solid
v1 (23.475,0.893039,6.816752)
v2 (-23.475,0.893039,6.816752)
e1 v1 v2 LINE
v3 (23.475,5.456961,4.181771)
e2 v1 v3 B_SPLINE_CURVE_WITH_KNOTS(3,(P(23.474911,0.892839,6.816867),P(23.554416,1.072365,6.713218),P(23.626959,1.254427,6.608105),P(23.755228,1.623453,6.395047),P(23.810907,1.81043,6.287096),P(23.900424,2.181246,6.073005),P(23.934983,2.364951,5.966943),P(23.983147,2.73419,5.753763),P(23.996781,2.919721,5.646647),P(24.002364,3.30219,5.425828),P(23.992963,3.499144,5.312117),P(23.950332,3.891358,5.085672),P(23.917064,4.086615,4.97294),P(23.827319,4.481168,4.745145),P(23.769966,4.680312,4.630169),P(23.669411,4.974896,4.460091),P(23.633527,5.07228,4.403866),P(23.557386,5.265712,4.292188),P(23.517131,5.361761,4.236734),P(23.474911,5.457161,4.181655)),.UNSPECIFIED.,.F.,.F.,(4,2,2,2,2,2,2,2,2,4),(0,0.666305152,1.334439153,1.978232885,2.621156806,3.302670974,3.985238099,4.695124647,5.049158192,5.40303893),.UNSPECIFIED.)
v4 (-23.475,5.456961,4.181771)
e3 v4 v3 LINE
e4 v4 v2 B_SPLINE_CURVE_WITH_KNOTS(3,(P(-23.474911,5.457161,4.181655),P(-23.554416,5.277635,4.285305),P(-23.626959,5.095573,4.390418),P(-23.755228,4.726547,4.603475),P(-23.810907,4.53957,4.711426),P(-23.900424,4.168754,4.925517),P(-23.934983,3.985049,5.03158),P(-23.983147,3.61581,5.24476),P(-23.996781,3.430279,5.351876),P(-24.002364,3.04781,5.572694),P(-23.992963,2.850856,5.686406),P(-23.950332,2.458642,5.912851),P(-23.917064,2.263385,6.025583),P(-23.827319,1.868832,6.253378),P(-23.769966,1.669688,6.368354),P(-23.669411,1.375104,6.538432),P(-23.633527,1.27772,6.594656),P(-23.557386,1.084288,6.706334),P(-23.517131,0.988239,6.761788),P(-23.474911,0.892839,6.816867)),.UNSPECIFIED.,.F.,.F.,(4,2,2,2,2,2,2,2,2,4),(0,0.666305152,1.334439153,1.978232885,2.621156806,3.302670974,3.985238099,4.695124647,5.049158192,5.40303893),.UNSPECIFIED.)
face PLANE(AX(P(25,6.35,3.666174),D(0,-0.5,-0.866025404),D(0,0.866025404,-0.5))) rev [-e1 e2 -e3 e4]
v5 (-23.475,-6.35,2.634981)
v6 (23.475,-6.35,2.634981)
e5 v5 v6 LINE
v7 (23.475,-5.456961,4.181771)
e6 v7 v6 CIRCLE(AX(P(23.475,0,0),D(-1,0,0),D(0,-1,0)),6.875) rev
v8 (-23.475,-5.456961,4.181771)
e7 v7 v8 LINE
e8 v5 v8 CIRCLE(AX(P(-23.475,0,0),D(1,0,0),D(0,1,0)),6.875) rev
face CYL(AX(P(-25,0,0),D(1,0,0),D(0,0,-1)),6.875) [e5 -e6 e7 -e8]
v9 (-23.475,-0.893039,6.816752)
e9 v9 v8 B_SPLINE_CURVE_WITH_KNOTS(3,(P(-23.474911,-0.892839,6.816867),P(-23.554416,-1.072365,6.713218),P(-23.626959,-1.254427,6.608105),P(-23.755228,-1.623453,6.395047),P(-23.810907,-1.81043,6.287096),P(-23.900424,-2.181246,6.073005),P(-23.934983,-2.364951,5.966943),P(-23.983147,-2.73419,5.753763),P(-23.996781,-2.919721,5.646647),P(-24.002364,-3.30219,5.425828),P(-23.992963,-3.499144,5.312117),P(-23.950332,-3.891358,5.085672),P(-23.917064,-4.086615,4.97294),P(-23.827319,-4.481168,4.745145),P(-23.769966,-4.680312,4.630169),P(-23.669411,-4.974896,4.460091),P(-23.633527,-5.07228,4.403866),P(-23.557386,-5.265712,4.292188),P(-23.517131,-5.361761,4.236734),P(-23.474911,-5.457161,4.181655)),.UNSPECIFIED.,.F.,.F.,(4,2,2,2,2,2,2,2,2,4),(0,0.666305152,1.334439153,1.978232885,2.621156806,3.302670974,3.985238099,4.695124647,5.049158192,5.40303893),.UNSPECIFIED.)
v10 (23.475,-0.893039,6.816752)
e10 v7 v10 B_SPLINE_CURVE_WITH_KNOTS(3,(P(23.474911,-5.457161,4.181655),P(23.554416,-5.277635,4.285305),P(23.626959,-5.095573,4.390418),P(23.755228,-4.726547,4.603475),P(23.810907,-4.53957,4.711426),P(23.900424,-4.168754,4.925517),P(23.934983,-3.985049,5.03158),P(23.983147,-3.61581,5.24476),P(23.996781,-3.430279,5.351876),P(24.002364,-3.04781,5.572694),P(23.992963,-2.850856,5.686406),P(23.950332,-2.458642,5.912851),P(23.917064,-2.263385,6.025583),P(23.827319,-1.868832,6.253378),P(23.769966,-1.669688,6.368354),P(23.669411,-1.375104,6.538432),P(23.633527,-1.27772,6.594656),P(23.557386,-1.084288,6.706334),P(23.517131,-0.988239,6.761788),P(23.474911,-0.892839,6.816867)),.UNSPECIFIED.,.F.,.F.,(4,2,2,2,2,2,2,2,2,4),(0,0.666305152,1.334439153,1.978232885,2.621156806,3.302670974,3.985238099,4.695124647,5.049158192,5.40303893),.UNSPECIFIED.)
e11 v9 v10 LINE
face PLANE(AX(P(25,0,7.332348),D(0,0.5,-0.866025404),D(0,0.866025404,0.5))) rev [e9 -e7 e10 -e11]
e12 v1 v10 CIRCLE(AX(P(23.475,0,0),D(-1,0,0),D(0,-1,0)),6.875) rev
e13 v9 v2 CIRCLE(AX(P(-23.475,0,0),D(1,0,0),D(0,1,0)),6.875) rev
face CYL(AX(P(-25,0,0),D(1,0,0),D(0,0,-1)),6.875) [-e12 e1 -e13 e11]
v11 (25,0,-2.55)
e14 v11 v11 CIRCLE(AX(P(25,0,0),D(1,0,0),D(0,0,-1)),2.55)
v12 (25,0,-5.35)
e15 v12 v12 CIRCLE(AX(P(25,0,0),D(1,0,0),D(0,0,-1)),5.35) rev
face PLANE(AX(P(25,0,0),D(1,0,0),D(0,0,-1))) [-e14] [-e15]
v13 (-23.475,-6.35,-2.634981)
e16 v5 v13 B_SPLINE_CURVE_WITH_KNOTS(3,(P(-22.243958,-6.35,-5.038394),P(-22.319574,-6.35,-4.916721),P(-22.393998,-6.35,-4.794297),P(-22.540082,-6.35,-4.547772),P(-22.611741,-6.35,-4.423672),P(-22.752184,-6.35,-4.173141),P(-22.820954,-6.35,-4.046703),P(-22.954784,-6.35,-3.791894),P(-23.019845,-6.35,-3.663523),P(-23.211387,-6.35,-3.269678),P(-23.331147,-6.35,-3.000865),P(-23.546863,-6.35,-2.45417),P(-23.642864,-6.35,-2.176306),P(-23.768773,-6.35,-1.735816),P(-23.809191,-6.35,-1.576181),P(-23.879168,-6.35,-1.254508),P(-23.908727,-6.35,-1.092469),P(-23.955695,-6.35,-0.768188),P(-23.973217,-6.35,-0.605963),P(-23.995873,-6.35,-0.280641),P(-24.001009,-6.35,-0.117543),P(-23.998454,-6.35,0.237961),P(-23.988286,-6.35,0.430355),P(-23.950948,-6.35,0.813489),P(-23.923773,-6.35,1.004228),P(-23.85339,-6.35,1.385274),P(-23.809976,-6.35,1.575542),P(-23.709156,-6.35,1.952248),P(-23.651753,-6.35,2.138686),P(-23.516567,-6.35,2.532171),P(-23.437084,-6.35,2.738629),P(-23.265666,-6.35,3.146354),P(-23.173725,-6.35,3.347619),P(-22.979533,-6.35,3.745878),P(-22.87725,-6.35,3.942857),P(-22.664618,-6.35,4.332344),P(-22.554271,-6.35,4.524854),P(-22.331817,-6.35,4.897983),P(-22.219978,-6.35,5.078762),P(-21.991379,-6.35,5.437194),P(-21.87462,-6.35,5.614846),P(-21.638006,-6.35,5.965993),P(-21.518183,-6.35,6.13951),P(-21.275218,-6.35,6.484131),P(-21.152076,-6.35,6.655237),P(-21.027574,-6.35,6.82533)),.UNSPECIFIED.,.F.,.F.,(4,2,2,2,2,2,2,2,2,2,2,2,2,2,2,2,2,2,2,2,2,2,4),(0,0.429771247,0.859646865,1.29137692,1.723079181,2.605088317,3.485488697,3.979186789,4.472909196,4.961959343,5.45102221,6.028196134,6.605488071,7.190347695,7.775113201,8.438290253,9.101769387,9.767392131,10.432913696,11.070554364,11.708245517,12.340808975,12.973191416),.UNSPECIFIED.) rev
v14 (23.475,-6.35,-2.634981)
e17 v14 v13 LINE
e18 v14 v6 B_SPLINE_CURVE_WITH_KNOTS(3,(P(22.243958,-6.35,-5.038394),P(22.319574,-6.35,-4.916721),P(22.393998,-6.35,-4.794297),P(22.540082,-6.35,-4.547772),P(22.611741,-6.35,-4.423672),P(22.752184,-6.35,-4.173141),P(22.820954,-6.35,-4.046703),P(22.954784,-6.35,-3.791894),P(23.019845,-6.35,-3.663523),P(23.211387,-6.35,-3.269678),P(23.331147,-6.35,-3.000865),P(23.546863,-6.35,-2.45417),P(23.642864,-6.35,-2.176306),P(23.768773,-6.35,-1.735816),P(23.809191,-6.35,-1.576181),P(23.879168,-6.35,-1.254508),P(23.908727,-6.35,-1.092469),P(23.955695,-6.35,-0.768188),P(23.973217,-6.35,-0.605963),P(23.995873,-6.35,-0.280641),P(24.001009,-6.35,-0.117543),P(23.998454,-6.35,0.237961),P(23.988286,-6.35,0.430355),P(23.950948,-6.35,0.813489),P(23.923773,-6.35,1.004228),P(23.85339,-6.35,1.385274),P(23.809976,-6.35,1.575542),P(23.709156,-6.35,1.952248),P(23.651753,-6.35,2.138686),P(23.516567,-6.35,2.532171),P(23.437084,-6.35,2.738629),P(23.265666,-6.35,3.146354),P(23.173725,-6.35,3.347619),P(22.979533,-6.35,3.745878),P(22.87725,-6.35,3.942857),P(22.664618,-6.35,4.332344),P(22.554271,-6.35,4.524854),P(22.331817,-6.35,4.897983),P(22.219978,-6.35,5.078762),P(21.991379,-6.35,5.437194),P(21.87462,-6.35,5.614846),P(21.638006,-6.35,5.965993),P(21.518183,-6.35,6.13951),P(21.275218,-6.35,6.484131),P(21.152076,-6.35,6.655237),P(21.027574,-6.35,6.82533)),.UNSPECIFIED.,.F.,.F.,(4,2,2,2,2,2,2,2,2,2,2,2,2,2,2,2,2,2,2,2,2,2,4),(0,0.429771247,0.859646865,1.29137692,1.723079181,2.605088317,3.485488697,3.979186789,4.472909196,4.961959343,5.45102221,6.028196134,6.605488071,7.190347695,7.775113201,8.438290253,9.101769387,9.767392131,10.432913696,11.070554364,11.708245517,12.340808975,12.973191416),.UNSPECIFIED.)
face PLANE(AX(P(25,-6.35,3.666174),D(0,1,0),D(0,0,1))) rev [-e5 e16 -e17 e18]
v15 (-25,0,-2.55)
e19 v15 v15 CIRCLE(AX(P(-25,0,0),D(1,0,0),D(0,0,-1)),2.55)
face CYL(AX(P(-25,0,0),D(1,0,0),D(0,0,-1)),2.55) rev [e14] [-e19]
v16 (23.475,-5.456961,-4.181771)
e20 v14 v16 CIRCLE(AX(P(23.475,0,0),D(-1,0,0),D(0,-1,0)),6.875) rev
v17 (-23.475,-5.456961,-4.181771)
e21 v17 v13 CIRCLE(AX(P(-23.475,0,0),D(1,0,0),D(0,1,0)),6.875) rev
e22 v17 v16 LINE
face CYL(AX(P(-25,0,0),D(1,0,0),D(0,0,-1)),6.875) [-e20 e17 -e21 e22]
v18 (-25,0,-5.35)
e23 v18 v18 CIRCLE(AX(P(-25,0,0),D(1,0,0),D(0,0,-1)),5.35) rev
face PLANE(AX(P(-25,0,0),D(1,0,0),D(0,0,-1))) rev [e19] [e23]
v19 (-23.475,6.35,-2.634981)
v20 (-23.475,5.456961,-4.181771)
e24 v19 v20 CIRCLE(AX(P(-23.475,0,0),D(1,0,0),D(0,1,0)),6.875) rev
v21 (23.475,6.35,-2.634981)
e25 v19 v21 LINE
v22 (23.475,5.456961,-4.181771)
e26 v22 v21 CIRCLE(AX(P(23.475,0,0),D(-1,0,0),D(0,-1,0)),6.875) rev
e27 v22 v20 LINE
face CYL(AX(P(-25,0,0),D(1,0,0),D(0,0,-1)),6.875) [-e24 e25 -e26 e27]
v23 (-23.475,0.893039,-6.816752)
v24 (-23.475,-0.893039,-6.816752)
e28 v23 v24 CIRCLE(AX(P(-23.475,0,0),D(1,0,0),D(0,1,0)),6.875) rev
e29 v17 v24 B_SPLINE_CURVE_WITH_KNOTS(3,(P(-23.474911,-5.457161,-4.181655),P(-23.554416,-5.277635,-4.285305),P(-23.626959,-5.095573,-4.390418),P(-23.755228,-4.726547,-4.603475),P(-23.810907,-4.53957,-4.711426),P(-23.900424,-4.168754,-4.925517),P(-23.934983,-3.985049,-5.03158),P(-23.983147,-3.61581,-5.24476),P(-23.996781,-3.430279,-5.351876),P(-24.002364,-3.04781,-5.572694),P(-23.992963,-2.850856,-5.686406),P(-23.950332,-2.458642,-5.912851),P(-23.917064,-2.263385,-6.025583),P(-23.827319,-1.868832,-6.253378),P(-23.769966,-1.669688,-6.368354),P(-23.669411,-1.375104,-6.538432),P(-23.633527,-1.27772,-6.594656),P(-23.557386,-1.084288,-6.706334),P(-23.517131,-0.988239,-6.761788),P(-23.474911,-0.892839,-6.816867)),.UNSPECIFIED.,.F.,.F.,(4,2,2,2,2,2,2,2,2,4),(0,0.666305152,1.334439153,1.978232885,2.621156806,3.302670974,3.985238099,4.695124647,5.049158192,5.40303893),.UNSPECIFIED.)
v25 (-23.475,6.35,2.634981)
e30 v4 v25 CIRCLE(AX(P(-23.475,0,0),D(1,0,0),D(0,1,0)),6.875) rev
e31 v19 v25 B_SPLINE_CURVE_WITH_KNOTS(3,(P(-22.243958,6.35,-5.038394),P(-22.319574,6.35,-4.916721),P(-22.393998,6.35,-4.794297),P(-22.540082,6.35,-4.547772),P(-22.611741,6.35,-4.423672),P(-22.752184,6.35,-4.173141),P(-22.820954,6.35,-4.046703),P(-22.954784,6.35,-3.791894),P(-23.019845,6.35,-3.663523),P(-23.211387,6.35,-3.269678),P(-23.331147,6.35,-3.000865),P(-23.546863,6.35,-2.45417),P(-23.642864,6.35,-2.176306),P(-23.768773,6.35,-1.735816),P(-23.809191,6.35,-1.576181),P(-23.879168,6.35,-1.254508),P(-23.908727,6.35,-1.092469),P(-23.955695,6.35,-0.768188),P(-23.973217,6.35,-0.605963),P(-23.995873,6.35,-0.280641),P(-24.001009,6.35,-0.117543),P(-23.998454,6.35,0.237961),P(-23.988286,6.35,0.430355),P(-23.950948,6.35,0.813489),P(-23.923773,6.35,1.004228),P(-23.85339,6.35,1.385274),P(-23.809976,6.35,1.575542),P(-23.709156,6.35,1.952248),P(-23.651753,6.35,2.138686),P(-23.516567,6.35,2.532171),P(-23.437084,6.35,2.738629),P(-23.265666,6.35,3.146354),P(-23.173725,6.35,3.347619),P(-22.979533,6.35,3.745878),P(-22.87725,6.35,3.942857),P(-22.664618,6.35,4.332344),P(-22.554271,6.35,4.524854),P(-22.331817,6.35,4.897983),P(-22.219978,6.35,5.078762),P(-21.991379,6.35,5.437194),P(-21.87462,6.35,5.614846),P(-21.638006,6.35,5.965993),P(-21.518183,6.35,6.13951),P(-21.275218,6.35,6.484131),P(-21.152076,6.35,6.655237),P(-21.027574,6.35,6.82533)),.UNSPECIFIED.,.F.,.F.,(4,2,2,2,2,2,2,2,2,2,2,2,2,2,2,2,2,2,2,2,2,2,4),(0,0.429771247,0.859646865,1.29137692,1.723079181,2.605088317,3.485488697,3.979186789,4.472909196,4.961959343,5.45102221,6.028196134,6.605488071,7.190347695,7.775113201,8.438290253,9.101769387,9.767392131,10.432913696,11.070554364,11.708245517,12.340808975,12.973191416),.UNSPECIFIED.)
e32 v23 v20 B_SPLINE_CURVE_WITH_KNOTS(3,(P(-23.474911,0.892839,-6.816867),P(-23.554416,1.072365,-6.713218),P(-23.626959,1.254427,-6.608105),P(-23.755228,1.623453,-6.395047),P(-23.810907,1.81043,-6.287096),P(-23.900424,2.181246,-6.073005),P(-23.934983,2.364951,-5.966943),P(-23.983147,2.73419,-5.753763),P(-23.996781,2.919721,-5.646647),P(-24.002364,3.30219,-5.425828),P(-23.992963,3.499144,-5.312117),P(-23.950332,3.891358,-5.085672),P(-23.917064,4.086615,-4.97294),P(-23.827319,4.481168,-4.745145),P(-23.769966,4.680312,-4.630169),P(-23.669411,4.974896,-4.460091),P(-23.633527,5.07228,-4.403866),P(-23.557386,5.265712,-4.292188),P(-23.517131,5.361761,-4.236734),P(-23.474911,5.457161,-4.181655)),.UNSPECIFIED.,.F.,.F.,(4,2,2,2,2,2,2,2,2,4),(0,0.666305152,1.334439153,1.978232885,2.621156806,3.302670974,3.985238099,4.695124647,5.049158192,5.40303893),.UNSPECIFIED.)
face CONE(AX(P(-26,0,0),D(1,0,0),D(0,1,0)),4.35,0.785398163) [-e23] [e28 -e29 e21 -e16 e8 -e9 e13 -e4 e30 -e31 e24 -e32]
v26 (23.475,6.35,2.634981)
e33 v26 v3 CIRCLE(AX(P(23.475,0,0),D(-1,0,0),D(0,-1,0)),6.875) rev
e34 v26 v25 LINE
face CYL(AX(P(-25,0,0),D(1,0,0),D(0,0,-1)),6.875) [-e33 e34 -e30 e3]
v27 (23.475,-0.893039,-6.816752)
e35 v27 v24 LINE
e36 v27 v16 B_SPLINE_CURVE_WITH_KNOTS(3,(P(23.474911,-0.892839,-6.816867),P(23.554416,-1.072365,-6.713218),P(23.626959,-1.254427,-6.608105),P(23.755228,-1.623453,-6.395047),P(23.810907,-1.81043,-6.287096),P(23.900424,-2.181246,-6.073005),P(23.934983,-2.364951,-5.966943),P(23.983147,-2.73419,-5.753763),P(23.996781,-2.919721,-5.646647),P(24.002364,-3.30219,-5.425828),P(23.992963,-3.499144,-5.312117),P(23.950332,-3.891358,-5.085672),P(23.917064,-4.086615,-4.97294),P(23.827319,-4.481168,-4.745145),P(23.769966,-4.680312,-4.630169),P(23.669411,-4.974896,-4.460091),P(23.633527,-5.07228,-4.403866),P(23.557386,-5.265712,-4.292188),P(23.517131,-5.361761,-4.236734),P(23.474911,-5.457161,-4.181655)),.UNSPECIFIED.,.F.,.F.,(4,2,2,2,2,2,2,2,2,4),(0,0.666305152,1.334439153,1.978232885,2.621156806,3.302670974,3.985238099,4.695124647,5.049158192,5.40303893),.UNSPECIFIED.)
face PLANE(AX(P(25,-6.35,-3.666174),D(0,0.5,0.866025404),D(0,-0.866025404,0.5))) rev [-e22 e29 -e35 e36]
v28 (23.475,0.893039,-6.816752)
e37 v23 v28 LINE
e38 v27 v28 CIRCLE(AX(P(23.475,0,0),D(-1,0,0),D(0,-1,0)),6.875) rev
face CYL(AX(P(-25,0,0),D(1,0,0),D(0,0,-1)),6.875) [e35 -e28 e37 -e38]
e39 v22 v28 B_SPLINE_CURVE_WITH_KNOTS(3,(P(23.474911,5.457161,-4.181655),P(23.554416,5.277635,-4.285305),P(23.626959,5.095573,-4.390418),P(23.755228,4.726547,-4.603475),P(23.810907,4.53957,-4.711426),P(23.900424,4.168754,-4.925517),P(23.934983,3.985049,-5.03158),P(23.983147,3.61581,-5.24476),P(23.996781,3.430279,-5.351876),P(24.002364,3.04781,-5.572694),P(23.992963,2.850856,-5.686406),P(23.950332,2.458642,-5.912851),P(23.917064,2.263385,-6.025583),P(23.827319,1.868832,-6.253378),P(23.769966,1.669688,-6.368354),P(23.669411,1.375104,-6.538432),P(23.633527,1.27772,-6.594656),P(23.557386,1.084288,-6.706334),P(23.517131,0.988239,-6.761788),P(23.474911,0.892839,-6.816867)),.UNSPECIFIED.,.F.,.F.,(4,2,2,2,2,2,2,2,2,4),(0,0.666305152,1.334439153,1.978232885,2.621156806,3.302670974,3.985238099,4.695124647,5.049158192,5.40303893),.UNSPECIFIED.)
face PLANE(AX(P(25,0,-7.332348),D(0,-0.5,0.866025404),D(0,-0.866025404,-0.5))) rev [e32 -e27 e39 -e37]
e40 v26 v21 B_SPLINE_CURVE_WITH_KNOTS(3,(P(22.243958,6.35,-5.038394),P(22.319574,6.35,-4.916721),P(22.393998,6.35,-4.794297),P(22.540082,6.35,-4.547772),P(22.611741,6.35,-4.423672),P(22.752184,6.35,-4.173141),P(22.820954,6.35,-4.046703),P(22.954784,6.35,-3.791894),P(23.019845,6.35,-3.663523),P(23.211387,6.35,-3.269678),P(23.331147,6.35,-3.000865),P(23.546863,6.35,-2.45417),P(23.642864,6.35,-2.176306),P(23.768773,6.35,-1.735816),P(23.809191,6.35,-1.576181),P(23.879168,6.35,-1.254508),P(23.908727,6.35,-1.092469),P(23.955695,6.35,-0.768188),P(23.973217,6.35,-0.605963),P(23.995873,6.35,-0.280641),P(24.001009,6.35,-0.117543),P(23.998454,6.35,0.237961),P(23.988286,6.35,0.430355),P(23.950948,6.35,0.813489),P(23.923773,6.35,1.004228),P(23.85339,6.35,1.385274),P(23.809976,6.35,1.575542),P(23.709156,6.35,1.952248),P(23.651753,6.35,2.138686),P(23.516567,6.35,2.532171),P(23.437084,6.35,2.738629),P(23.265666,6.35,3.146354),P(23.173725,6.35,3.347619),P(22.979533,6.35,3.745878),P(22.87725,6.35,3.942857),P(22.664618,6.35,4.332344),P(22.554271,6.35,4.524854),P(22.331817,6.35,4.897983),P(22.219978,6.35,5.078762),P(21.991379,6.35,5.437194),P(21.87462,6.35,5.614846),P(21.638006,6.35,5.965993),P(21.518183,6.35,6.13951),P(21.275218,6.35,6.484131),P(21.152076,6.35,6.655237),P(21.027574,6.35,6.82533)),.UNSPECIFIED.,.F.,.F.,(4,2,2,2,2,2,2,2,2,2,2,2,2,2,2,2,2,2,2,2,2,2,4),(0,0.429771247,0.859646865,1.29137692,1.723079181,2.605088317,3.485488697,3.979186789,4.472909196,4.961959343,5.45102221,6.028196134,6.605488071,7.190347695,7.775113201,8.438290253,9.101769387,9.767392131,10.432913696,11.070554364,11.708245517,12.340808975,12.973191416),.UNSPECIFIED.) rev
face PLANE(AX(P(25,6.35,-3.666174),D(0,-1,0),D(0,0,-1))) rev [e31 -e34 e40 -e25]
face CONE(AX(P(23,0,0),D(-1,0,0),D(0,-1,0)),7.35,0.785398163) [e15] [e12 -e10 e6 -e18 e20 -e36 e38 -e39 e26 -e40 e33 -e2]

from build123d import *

# Parameters (mm, degrees)
EXTRUDE_476_DEPTH          = 25
CUT_EXTRUDE_647_DEPTH      = 27.815775829
CUT_EXTRUDE_647_DEPTH_BACK = 27.815775829
SKETCH_8_R                 = 8.875
SKETCH_8_R_2               = 6.875
CUT_EXTRUDE_851_DEPTH      = 27.694346312
CUT_EXTRUDE_851_DEPTH_BACK = 27.694346312
SKETCH_9_R                 = 2.55


with BuildPart() as part:
    # 草图1 → Extrude 476 (new, symmetric)
    with BuildSketch(Plane(origin=(0, 0, 0), x_dir=(0, 0, -1), z_dir=(1, 0, 0))):
        Polygon((7.332348419, 0), (3.666174209, 6.35), (-3.666174209, 6.35), (-7.332348419, 0), (-3.666174209, -6.35), (3.666174209, -6.35), align=None)
    extrude(amount=EXTRUDE_476_DEPTH, both=True)

    # 草图8 → Cut-Extrude 647 (cut, two sides: drawn at the far end of the back side and taken through both)
    with BuildSketch(Plane(origin=(0, 0, 0), x_dir=(0, 0, -1), z_dir=(1, 0, 0)).offset(-CUT_EXTRUDE_647_DEPTH_BACK)):
        Circle(SKETCH_8_R)
        Circle(SKETCH_8_R_2, mode=Mode.SUBTRACT)
    extrude(amount=CUT_EXTRUDE_647_DEPTH + CUT_EXTRUDE_647_DEPTH_BACK, mode=Mode.SUBTRACT)

    # 草图9 → Cut-Extrude 851 (cut, two sides: drawn at the far end of the back side and taken through both)
    with BuildSketch(Plane(origin=(0, 0, 0), x_dir=(0, 0, -1), z_dir=(1, 0, 0)).offset(-CUT_EXTRUDE_851_DEPTH_BACK)):
        Circle(SKETCH_9_R)
    extrude(amount=CUT_EXTRUDE_851_DEPTH + CUT_EXTRUDE_851_DEPTH_BACK, mode=Mode.SUBTRACT)

    # 草图10 → Cut-Revolve 1145 (revolve, cut)
    with BuildSketch(Plane.XY, mode=Mode.PRIVATE) as cut_revolve_1145_sk:
        Polygon((-26, 7.35), (-23, 7.35), (-26, 4.35), align=None)
        Polygon((23, 7.35), (26, 4.35), (26, 7.35), align=None)
    revolve(cut_revolve_1145_sk.sketch.rotate(Axis((25, 0, 0), (-1, 0, 0)), 157.463629785), axis=Axis((25, 0, 0), (-1, 0, 0)), mode=Mode.SUBTRACT)


solid = part.part
